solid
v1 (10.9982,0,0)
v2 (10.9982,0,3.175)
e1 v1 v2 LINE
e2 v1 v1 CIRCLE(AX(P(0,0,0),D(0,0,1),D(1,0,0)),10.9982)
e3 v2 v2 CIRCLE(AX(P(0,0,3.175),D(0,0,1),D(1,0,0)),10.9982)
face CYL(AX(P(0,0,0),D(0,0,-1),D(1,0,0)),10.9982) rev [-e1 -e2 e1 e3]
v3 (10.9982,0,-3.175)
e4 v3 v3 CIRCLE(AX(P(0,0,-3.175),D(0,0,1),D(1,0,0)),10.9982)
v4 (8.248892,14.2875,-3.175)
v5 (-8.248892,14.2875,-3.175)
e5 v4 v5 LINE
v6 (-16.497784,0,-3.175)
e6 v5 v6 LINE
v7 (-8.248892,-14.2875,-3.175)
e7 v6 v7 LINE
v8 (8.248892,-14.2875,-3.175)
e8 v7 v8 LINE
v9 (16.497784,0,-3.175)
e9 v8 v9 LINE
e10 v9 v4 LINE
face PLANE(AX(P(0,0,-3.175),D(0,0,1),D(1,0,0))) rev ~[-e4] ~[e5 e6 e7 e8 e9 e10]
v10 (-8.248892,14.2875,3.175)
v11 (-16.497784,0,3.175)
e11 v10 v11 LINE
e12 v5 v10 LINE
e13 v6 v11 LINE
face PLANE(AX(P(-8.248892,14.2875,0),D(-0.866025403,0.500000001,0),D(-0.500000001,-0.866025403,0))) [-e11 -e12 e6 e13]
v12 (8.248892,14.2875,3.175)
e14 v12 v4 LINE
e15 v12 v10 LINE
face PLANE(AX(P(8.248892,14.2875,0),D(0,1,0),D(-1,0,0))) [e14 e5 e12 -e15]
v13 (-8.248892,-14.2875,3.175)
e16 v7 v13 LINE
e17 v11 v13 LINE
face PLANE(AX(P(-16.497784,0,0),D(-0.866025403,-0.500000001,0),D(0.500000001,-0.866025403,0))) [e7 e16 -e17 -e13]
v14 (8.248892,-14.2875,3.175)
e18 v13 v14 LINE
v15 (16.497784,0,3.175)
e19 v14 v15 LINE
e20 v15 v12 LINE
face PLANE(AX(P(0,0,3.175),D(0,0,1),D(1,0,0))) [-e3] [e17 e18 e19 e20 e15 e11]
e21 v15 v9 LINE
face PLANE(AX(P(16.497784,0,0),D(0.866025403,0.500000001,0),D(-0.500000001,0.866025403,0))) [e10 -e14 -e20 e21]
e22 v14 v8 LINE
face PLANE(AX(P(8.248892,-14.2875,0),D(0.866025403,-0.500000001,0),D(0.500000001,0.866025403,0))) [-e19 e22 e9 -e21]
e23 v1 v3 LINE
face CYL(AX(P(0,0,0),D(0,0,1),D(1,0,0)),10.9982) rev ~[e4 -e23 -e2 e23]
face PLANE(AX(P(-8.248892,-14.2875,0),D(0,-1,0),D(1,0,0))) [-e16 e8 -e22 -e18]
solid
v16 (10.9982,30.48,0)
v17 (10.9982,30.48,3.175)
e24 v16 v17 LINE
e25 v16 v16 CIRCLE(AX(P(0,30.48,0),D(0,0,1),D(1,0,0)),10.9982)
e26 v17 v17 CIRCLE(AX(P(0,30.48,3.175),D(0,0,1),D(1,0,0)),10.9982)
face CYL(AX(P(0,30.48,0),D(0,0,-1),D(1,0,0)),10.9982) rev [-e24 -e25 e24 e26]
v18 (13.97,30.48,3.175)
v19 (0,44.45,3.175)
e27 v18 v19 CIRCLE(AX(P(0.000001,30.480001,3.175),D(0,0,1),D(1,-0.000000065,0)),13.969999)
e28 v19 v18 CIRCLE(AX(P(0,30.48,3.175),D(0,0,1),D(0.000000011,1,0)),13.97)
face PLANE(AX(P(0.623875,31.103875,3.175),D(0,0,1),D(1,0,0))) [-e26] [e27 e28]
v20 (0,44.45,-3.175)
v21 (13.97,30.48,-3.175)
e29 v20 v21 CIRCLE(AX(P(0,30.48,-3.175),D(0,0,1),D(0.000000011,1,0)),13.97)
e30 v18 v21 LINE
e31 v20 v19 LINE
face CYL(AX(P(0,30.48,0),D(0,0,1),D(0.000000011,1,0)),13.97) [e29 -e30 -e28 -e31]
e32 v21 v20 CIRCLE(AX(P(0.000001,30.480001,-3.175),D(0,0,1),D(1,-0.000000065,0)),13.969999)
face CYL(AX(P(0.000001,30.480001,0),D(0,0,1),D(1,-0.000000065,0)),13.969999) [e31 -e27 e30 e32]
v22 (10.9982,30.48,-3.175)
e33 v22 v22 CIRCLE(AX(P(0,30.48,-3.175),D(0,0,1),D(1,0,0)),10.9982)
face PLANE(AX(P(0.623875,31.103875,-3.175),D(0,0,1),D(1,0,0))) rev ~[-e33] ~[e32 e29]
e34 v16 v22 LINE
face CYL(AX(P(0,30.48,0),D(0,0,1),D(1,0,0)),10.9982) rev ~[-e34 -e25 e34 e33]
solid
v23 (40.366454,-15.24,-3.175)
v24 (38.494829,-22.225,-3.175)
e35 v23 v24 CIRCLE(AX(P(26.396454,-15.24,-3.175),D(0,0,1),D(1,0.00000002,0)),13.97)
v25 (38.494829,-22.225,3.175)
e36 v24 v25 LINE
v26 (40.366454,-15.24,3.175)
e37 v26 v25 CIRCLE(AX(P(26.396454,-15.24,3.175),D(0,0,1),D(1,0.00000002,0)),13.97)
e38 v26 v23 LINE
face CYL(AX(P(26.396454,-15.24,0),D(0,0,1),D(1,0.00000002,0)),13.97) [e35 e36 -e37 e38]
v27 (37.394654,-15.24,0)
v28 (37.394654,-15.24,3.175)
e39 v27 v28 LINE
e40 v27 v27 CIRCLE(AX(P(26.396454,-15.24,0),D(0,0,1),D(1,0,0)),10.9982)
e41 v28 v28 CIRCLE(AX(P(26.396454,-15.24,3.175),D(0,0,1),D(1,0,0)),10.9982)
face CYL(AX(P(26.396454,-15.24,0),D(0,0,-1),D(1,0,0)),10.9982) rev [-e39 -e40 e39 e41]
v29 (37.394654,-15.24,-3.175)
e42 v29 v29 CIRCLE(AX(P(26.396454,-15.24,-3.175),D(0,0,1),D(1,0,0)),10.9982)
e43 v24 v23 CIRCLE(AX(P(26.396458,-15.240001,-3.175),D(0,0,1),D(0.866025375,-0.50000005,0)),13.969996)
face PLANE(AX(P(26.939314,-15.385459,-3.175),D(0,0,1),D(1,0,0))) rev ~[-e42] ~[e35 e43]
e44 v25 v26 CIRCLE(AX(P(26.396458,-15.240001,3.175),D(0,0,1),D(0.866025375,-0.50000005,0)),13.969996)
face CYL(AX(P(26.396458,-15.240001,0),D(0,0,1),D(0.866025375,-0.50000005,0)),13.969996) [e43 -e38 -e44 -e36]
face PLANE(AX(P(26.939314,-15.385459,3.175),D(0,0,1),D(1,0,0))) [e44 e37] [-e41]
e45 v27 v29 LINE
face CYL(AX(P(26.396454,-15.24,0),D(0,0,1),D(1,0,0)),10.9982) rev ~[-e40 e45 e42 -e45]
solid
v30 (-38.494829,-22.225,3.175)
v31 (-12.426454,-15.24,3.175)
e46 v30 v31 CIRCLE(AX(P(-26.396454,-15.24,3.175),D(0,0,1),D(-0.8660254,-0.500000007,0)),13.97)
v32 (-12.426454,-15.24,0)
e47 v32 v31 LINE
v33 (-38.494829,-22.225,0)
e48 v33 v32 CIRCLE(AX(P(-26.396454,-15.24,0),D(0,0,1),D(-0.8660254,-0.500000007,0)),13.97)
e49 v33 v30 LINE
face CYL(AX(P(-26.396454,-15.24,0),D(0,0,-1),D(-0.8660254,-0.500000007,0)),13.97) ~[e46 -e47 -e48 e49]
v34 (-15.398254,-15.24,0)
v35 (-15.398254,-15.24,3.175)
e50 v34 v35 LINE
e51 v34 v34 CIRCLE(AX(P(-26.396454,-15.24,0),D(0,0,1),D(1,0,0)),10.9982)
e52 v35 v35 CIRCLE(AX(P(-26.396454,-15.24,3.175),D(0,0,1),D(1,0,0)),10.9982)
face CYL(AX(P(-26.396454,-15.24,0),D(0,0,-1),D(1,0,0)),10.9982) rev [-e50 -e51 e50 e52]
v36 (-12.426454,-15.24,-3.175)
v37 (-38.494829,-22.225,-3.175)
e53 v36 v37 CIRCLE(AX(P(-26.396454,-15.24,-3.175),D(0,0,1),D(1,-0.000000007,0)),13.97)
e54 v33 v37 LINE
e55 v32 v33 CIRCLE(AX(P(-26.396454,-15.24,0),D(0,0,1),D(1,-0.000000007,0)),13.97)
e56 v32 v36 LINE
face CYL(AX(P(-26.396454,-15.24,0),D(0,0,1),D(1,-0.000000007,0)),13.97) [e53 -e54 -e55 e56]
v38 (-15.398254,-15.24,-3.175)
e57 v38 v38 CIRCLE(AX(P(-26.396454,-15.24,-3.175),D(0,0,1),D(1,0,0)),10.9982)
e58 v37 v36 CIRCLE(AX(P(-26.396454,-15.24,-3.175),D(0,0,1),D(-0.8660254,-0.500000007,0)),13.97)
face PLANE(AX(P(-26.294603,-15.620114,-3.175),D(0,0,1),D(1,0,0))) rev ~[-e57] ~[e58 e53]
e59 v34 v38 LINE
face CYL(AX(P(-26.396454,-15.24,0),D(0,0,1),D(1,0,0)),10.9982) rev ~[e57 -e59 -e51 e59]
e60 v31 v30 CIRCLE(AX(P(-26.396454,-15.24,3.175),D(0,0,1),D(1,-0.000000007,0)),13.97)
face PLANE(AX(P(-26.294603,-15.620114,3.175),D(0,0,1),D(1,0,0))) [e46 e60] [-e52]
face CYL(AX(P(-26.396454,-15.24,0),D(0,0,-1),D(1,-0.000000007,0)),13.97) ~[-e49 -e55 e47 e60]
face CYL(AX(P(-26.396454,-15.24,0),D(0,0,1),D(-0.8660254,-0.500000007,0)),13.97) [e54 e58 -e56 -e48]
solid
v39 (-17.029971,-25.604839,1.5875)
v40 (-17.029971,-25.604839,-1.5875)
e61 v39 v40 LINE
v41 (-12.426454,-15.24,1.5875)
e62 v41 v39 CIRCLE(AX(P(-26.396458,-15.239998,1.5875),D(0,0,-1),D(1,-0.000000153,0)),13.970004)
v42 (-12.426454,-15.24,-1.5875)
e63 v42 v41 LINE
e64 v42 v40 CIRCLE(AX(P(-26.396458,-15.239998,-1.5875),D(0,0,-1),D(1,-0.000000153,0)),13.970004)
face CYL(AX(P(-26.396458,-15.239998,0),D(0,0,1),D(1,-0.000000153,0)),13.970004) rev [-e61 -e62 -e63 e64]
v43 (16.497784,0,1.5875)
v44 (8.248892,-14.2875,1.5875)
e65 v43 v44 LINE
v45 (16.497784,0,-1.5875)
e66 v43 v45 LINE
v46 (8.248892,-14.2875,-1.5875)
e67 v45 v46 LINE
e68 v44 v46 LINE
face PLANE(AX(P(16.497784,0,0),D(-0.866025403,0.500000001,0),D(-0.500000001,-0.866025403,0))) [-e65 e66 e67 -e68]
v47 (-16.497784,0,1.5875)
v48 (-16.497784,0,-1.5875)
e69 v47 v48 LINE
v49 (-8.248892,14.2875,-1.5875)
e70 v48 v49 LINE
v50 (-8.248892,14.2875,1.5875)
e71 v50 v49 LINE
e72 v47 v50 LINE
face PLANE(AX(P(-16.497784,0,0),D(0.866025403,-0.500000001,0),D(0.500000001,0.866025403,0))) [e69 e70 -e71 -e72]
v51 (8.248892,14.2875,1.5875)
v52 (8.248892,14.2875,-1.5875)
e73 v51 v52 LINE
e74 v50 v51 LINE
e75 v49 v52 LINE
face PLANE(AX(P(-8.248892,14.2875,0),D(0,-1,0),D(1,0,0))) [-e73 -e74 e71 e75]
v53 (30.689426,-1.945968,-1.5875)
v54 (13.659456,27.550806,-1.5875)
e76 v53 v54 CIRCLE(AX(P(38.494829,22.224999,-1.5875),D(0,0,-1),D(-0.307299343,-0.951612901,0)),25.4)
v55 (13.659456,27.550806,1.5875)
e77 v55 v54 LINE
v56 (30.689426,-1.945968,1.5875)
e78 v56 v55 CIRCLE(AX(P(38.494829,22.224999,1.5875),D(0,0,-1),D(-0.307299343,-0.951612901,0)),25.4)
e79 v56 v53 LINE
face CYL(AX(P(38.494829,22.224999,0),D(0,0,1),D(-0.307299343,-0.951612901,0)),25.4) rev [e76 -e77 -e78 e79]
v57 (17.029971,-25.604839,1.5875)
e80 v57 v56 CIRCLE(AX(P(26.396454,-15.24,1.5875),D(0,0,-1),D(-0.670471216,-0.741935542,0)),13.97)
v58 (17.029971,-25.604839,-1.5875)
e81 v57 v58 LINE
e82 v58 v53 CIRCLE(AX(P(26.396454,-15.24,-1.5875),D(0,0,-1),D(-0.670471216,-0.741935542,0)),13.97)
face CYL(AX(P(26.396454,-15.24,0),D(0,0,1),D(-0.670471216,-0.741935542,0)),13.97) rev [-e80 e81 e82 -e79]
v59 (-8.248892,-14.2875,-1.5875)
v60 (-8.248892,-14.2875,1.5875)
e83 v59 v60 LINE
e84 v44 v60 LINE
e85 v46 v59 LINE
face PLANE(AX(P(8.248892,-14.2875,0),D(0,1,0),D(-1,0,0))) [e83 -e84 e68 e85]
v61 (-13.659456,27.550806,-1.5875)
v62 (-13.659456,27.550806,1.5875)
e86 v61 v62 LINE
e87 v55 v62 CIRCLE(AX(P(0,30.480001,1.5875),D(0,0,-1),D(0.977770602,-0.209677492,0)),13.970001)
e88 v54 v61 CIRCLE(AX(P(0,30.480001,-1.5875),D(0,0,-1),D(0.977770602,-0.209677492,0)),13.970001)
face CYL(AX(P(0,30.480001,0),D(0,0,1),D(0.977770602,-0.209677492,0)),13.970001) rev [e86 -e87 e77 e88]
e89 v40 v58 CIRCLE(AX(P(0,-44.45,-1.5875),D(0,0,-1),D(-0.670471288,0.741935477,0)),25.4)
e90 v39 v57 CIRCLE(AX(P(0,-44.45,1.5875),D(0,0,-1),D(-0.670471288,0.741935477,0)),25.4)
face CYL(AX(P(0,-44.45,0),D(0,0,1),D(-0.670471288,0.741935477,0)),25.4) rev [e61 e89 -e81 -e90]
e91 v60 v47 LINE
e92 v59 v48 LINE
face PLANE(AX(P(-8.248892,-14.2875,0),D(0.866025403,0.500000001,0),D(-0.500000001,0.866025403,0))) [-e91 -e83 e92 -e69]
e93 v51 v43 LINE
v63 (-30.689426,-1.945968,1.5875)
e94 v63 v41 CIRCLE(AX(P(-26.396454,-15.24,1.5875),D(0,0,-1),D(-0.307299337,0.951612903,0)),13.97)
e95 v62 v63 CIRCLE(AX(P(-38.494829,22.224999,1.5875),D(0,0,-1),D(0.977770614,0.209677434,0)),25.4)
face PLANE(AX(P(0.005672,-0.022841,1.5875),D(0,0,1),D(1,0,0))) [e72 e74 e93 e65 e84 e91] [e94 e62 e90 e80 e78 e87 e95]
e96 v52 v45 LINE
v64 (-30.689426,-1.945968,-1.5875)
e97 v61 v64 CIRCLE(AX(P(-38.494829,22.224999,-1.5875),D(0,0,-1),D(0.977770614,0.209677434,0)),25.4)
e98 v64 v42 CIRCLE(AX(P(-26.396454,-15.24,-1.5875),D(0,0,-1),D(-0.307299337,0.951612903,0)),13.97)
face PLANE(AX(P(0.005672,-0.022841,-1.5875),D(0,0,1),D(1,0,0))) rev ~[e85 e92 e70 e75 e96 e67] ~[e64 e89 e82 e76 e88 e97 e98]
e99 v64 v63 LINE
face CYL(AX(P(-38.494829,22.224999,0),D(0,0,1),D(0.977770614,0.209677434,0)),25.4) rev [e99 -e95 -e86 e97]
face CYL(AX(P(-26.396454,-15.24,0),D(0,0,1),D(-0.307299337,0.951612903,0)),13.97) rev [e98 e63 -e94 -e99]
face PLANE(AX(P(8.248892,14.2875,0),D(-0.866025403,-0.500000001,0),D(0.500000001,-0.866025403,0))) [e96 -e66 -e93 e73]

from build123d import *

# Parameters (mm, degrees)
F0_R          = 10.9982
F1_DEPTH      = 3.175
F1_DEPTH_BACK = 3.175
F3_DEPTH      = 1.5875
F3_DEPTH_BACK = 1.5875


with BuildPart() as f1:
    # F0 (on Top) → F1 (new body, two sides)
    with BuildSketch(Plane.XY) as f1_sk:
        with BuildLine():
            ThreePointArc((13.97, 30.48), (9.878282, 40.358282), (0, 44.45))
            ThreePointArc((0, 44.45), (-9.878282, 20.601718), (13.97, 30.48))
        make_face()
        with Locations((0, 30.48)):
            Circle(F0_R, mode=Mode.SUBTRACT)
        Polygon((8.248892, 14.2875), (-8.248892, 14.2875), (-16.497784, 0), (-8.248892, -14.2875), (8.248892, -14.2875), (16.497784, 0), align=None)
        Circle(F0_R, mode=Mode.SUBTRACT)
        with BuildLine():
            ThreePointArc((-12.426454, -15.24), (-30.012156, -1.746016), (-38.494829, -22.225))
            ThreePointArc((-38.494829, -22.225), (-22.780753, -28.733984), (-12.426454, -15.24))
        make_face()
        with Locations((-26.396454, -15.24)):
            Circle(F0_R, mode=Mode.SUBTRACT)
        with BuildLine():
            ThreePointArc((40.366454, -15.24), (12.902471, -11.624298), (38.494829, -22.225))
            ThreePointArc((38.494829, -22.225), (39.890438, -18.855702), (40.366454, -15.24))
        make_face()
        with Locations((26.396454, -15.24)):
            Circle(F0_R, mode=Mode.SUBTRACT)
    extrude(amount=F1_DEPTH)
    extrude(f1_sk.sketch, amount=-F1_DEPTH_BACK)


with BuildPart() as f3:
    # F2 (on Top) → F3 (new body, two sides)
    with BuildSketch(Plane.XY) as f3_sk:
        with BuildLine():
            ThreePointArc((13.659456, 27.550806), (0, 16.51), (-13.659456, 27.550806))
            ThreePointArc((-13.659456, 27.550806), (-16.497784, 9.525), (-30.689426, -1.945968))
            ThreePointArc((-30.689426, -1.945968), (-18.174895, -3.94545), (-12.426454, -15.24))
            ThreePointArc((-12.426454, -15.24), (-13.6291, -20.910587), (-17.029971, -25.604839))
            ThreePointArc((-17.029971, -25.604839), (0, -19.05), (17.029971, -25.604839))
            ThreePointArc((17.029971, -25.604839), (14.298079, -8.255), (30.689426, -1.945968))
            ThreePointArc((30.689426, -1.945968), (16.497784, 9.525), (13.659456, 27.550806))
        make_face()
        Polygon((-8.248892, -14.2875), (-16.497784, 0), (-8.248892, 14.2875), (8.248892, 14.2875), (16.497784, 0), (8.248892, -14.2875), align=None, mode=Mode.SUBTRACT)
    extrude(amount=F3_DEPTH)
    extrude(f3_sk.sketch, amount=-F3_DEPTH_BACK)


solid = Compound([f1.part, f3.part])
